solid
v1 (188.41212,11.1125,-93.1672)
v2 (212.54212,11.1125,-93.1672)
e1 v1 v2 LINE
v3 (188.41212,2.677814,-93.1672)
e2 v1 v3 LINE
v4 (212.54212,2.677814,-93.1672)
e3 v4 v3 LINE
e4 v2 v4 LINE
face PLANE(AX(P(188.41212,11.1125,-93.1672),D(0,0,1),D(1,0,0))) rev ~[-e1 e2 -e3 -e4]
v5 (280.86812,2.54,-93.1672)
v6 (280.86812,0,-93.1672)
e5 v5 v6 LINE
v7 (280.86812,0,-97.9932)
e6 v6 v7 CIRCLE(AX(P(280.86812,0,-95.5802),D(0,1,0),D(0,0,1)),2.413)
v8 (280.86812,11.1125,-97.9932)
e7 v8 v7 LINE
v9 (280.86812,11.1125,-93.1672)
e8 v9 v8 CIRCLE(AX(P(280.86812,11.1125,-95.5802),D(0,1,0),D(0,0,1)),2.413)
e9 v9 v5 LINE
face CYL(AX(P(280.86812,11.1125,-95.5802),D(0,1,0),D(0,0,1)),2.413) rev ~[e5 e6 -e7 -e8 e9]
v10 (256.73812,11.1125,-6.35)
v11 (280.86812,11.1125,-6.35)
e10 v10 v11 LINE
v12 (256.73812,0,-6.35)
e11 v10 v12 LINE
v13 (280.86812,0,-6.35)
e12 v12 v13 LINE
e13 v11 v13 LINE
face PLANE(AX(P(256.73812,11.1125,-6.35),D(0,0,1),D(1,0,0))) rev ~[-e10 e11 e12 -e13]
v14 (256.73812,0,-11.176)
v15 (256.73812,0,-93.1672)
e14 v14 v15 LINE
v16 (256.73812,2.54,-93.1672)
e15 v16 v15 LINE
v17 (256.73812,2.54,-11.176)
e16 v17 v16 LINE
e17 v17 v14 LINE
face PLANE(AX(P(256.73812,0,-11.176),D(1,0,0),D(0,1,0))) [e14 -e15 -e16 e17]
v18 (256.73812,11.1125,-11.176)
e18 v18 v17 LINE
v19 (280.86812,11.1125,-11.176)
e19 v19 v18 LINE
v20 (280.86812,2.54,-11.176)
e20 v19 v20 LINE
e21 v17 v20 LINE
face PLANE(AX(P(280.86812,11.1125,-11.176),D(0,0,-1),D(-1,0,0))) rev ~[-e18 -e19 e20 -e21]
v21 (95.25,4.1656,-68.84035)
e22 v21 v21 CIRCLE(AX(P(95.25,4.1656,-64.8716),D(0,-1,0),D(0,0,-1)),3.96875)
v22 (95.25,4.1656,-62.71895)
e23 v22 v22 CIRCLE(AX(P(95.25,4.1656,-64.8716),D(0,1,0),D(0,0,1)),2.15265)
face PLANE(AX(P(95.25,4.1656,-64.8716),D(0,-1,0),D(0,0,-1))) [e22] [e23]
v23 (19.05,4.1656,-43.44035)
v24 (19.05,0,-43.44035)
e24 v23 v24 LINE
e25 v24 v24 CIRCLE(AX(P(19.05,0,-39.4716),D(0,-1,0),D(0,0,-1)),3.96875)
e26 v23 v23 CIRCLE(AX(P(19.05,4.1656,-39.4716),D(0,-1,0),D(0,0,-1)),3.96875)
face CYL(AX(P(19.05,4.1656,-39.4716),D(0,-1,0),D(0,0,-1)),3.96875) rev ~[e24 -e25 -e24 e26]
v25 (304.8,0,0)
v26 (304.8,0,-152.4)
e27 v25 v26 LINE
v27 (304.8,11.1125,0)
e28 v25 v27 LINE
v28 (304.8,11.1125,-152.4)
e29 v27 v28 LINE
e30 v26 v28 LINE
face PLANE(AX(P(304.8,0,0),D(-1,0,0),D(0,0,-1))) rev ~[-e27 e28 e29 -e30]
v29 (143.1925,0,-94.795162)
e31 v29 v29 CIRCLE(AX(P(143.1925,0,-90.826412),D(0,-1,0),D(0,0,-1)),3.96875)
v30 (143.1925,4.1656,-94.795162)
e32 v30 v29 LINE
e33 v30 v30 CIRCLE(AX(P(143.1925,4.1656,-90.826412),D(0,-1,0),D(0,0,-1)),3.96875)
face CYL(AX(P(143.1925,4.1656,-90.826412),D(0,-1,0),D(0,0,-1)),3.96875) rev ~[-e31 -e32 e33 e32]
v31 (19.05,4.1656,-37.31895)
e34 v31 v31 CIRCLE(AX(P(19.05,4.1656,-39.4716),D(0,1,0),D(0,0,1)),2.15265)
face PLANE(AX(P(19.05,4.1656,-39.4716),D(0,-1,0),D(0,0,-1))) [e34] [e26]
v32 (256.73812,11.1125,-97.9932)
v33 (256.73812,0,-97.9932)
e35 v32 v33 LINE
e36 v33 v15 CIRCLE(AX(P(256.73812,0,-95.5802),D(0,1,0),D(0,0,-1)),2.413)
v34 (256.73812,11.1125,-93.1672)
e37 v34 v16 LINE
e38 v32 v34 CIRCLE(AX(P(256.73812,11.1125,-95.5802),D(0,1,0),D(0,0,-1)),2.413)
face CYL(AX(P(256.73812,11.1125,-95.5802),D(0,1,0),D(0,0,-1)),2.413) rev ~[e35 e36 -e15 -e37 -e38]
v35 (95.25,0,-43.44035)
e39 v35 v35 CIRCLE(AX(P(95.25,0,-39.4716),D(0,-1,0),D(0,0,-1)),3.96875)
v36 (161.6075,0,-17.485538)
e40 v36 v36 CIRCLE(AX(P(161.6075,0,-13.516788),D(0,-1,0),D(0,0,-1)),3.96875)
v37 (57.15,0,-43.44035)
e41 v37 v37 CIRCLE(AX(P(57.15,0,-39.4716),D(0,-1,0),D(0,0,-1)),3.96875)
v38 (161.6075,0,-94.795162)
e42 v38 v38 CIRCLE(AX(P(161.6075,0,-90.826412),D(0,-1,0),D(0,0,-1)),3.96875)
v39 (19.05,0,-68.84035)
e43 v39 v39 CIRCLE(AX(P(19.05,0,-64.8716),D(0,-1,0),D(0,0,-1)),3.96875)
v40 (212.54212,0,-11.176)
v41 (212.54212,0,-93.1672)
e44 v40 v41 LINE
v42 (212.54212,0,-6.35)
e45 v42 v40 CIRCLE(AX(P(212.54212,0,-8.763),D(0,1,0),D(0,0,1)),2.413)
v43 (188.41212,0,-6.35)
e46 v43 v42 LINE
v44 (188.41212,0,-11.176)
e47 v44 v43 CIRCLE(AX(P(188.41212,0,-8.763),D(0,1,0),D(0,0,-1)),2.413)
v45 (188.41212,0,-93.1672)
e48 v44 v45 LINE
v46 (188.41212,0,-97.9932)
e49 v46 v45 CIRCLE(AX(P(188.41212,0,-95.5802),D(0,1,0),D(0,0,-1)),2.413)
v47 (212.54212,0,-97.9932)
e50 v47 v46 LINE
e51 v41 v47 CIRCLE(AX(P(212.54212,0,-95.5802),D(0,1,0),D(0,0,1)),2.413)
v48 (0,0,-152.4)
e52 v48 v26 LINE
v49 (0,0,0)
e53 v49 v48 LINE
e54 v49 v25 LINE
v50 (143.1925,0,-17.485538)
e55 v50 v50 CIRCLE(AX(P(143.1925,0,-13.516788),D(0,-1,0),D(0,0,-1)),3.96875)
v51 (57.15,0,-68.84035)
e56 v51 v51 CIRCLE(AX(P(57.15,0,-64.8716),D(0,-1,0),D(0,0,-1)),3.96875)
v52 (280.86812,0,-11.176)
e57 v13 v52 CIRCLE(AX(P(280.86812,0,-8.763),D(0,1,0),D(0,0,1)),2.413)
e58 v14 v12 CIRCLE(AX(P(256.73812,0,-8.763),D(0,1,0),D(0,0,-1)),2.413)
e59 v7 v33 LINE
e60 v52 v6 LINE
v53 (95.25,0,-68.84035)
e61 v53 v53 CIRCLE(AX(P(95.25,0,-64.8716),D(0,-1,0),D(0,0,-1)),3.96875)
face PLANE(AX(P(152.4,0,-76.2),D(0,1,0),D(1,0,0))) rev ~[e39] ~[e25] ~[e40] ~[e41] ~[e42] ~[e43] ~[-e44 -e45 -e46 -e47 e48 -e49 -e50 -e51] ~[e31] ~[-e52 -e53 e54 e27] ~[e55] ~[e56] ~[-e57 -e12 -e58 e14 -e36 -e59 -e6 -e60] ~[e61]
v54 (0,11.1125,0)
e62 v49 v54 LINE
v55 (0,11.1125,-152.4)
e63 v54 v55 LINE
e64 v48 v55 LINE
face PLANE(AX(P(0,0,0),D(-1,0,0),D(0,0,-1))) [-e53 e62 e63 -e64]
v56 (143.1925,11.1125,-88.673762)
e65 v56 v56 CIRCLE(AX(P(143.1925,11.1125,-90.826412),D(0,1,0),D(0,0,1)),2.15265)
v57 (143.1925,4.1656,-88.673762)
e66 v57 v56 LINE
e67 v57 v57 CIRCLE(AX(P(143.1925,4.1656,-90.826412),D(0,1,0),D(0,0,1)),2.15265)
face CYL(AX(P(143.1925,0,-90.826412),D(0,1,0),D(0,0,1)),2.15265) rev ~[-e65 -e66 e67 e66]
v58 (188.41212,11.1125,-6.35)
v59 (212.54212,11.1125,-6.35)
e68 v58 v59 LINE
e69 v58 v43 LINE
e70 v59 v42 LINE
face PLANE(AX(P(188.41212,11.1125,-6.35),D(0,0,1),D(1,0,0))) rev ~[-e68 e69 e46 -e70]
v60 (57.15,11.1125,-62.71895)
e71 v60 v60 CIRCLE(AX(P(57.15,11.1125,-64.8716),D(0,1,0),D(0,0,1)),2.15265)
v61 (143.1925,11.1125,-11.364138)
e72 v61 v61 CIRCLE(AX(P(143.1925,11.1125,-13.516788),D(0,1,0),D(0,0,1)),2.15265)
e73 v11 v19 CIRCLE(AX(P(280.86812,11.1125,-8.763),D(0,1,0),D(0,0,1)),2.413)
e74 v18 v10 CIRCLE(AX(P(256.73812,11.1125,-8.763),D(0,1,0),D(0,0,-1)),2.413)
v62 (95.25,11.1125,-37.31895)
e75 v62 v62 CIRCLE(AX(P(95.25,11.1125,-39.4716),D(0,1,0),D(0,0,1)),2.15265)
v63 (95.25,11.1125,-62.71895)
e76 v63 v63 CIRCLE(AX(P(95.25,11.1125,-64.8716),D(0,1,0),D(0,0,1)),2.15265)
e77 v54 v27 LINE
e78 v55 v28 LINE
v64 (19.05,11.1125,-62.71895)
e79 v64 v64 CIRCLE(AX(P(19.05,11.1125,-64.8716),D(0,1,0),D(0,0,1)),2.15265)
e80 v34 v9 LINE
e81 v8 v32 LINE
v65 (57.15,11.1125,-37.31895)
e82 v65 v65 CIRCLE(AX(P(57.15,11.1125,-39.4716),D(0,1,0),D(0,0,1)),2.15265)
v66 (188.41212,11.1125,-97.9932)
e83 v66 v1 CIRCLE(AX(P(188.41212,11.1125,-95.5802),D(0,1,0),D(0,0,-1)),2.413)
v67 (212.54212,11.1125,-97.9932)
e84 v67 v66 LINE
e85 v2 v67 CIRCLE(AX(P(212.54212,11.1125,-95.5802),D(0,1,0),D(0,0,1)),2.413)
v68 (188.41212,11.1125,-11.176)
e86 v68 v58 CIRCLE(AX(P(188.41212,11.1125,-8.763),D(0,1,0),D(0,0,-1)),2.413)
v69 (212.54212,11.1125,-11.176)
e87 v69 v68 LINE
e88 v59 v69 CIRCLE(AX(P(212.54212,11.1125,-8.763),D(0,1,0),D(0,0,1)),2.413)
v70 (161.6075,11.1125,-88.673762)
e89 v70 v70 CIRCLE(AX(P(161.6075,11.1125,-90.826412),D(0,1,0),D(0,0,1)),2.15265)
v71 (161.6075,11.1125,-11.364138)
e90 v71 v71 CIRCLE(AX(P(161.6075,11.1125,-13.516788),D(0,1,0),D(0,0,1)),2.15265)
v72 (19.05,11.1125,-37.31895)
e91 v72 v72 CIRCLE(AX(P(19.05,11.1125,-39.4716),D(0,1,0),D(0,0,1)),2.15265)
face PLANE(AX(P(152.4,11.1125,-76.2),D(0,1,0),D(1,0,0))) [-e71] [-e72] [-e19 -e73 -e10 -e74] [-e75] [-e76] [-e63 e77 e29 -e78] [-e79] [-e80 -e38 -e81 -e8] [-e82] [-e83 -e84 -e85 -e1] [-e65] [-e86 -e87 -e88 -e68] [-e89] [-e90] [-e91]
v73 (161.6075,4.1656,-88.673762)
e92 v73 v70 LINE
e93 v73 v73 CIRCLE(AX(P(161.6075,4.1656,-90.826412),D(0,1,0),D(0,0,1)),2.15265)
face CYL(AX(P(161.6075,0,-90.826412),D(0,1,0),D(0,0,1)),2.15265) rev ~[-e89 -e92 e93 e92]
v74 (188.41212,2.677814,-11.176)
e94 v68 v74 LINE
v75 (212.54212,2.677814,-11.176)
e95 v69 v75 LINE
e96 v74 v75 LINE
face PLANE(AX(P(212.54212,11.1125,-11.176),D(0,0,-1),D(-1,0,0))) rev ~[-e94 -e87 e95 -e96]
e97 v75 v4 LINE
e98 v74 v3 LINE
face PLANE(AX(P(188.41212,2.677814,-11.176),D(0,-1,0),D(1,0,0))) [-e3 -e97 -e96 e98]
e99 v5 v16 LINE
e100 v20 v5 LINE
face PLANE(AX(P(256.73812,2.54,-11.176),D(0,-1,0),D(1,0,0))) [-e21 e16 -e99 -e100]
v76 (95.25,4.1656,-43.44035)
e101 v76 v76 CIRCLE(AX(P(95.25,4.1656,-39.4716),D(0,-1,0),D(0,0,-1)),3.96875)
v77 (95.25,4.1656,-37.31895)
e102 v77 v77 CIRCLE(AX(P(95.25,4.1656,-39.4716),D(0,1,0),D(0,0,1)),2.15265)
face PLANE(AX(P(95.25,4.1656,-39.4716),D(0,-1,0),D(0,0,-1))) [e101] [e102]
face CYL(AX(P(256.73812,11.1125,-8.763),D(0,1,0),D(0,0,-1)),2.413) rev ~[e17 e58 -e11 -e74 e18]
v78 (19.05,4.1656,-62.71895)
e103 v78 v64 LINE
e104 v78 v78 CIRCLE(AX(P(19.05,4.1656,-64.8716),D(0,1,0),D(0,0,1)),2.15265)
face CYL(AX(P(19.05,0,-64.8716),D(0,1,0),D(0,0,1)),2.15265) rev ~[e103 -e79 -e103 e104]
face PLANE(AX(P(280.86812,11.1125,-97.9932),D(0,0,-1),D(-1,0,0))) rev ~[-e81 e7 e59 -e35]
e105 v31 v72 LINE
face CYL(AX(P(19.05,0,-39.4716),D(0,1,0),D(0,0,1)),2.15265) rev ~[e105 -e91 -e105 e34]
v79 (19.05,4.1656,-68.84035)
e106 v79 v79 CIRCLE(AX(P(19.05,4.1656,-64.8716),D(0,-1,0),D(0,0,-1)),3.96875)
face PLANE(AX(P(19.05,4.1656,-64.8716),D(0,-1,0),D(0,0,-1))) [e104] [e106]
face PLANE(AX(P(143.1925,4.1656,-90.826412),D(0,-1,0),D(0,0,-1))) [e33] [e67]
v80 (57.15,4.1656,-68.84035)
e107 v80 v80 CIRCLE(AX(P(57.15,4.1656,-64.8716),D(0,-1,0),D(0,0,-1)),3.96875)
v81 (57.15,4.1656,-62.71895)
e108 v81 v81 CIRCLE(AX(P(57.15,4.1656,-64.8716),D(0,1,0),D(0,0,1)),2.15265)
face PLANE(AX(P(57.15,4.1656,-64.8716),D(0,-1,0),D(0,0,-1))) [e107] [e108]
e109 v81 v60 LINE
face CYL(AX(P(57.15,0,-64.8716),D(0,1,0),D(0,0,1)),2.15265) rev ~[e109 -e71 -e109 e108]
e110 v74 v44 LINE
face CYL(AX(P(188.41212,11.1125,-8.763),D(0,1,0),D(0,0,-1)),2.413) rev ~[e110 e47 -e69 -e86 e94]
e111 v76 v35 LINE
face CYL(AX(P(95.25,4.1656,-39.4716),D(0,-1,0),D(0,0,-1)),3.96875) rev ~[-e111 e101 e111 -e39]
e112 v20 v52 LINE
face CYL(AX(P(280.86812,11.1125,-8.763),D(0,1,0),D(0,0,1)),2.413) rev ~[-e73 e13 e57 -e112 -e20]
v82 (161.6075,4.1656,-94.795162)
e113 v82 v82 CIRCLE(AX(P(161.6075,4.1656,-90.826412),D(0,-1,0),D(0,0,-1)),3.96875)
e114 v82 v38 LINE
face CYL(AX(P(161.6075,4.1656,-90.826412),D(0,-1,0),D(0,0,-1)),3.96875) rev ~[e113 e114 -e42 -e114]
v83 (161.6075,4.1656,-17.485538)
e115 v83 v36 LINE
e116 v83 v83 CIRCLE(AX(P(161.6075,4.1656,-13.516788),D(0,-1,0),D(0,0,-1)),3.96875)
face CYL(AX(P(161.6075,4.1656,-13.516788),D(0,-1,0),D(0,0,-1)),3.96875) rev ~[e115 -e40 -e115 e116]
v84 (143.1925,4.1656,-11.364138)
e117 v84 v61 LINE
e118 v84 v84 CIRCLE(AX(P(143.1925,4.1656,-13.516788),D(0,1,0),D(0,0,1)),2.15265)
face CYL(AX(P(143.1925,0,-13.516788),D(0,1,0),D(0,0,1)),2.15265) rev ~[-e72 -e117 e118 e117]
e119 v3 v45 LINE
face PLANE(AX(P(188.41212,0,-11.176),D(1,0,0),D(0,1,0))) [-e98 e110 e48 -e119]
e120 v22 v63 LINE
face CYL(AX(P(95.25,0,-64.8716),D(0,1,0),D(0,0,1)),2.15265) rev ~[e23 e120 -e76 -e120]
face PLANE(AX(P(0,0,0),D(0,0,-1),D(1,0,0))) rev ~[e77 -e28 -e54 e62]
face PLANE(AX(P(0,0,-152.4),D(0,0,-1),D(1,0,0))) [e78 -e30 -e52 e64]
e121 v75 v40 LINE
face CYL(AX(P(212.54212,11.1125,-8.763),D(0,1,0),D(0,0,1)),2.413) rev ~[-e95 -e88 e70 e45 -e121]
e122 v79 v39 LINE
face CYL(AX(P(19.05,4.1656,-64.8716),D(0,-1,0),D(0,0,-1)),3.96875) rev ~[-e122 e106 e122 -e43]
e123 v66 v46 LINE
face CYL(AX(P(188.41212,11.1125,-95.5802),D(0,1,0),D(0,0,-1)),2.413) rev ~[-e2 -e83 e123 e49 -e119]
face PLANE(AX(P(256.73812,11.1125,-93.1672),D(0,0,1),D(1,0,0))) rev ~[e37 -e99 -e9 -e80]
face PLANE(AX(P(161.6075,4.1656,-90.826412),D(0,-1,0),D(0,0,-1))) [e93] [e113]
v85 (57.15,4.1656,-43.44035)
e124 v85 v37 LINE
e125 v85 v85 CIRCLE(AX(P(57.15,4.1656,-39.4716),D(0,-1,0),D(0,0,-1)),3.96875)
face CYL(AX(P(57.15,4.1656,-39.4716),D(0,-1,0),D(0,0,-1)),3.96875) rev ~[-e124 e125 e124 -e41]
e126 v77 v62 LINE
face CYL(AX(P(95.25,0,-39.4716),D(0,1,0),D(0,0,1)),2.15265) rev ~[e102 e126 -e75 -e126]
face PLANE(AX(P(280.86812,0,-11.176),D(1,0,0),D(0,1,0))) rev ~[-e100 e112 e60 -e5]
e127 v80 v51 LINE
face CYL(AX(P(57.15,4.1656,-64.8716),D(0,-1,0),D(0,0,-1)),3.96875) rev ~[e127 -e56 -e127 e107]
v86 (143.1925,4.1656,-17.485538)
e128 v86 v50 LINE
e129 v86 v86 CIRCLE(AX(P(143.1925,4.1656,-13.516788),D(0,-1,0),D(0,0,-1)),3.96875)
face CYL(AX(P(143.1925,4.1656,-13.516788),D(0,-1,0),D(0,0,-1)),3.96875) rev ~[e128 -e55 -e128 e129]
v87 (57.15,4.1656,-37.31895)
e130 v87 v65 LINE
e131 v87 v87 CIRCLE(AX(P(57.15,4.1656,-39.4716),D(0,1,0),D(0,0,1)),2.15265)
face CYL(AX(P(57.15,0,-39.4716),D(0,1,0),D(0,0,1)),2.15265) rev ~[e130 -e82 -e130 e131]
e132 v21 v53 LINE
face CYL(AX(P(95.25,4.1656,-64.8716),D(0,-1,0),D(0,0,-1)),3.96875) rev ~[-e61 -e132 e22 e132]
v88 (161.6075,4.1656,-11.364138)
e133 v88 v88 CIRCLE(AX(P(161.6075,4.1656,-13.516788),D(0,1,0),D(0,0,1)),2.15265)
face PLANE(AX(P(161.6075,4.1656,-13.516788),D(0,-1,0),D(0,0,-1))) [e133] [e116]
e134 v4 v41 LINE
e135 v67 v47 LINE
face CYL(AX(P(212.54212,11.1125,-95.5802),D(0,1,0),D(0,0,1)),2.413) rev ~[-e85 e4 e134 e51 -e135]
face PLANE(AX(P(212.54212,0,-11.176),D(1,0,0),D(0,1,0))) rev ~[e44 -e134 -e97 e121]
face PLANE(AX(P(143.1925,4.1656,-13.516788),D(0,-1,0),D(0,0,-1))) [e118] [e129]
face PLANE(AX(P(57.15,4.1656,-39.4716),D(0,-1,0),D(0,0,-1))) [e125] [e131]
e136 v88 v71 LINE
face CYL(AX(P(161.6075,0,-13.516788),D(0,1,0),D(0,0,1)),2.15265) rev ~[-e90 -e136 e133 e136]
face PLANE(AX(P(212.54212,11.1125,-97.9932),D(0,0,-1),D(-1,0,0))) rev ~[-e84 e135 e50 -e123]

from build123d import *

# Parameters (mm, degrees)
SKETCH1_W                                      = 304.8
SKETCH1_H                                      = 152.4
BOSS_EXTRUDE1_DEPTH                            = 11.1125
CUT_EXTRUDE1_DEPTH                             = 11.1125
CUT_EXTRUDE2_REACH                             = 143.224
SKETCH5_W                                      = 24.13
SKETCH5_H                                      = 2.677814457
SKETCH5_H_2                                    = 2.54
CBORE_FOR_8_SOCKET_HEAD_CAP_SCREW1_D           = 4.3053
CBORE_FOR_8_SOCKET_HEAD_CAP_SCREW1_DEPTH       = 11.1125
CBORE_FOR_8_SOCKET_HEAD_CAP_SCREW1_CBORE_D     = 7.9375
CBORE_FOR_8_SOCKET_HEAD_CAP_SCREW1_CBORE_DEPTH = 4.1656
CBORE_FOR_8_SOCKET_HEAD_CAP_SCREW3_D           = 4.3053
CBORE_FOR_8_SOCKET_HEAD_CAP_SCREW3_DEPTH       = 11.1125
CBORE_FOR_8_SOCKET_HEAD_CAP_SCREW3_CBORE_D     = 7.9375
CBORE_FOR_8_SOCKET_HEAD_CAP_SCREW3_CBORE_DEPTH = 4.1656


with BuildPart() as part:
    # Sketch1 → Boss-Extrude1 (new body)
    with BuildSketch(Plane(origin=(0, 0, 0), x_dir=(1, 0, 0), z_dir=(0, 1, 0))):
        with Locations((152.4, 76.2)):
            Rectangle(SKETCH1_W, SKETCH1_H)
    extrude(amount=BOSS_EXTRUDE1_DEPTH)

    # Sketch3 → Cut-Extrude1 (cut)
    with BuildSketch(Plane(origin=(0, 11.1125, 0), x_dir=(1, 0, 0), z_dir=(0, 1, 0))):
        with BuildLine():
            Line((280.86812, 11.176), (256.73812, 11.176))
            ThreePointArc((256.73812, 11.176), (254.32512, 8.763), (256.73812, 6.35))
            Line((256.73812, 6.35), (280.86812, 6.35))
            ThreePointArc((280.86812, 6.35), (283.28112, 8.763), (280.86812, 11.176))
        make_face()
        with BuildLine():
            Line((280.86812, 97.9932), (256.73812, 97.9932))
            ThreePointArc((256.73812, 97.9932), (254.32512, 95.5802), (256.73812, 93.1672))
            Line((256.73812, 93.1672), (280.86812, 93.1672))
            ThreePointArc((280.86812, 93.1672), (283.28112, 95.5802), (280.86812, 97.9932))
        make_face()
        with BuildLine():
            Line((212.54212, 97.9932), (188.41212, 97.9932))
            ThreePointArc((188.41212, 97.9932), (185.99912, 95.5802), (188.41212, 93.1672))
            Line((188.41212, 93.1672), (212.54212, 93.1672))
            ThreePointArc((212.54212, 93.1672), (214.95512, 95.5802), (212.54212, 97.9932))
        make_face()
        with BuildLine():
            ThreePointArc((212.54212, 6.35), (214.95512, 8.763), (212.54212, 11.176))
            Line((212.54212, 11.176), (188.41212, 11.176))
            ThreePointArc((188.41212, 11.176), (185.99912, 8.763), (188.41212, 6.35))
            Line((188.41212, 6.35), (212.54212, 6.35))
        make_face()
    extrude(amount=-CUT_EXTRUDE1_DEPTH, mode=Mode.SUBTRACT)

    # Sketch5 → Cut-Extrude2 (cut, up to next)
    with BuildSketch(Plane.XY.offset(-11.176), mode=Mode.PRIVATE) as cut_extrude2_sk1:
        with Locations((200.47712, 1.338907229)):
            Rectangle(SKETCH5_W, SKETCH5_H)
    cut_extrude2_tool1 = extrude(cut_extrude2_sk1.sketch, amount=-CUT_EXTRUDE2_REACH, mode=Mode.PRIVATE) & part.part
    add(cut_extrude2_tool1.solids().sort_by_distance((200.47712, 1.338907, -11.176))[0], mode=Mode.SUBTRACT)
    # Sketch5 → Cut-Extrude2 (cut, up to next)
    with BuildSketch(Plane.XY.offset(-11.176), mode=Mode.PRIVATE) as cut_extrude2_sk2:
        with Locations((268.80312, 1.27)):
            Rectangle(SKETCH5_W, SKETCH5_H_2)
    cut_extrude2_tool2 = extrude(cut_extrude2_sk2.sketch, amount=-CUT_EXTRUDE2_REACH, mode=Mode.PRIVATE) & part.part
    add(cut_extrude2_tool2.solids().sort_by_distance((268.80312, 1.27, -11.176))[0], mode=Mode.SUBTRACT)

    # CBORE for #8 Socket Head Cap Screw1
    with Locations(Plane(origin=(161.6075, 0, -13.516787713), x_dir=(0, 0, -1), z_dir=(0, -1, 0))):
        with Locations((0, 0), (0, -18.415), (77.309624574, 0), (77.309624574, -18.415)):
            CounterBoreHole(CBORE_FOR_8_SOCKET_HEAD_CAP_SCREW1_D / 2, CBORE_FOR_8_SOCKET_HEAD_CAP_SCREW1_CBORE_D / 2, CBORE_FOR_8_SOCKET_HEAD_CAP_SCREW1_CBORE_DEPTH, depth=CBORE_FOR_8_SOCKET_HEAD_CAP_SCREW1_DEPTH)

    # CBORE for #8 Socket Head Cap Screw3
    with Locations(Plane(origin=(95.25, 0, -39.4716), x_dir=(0, 0, -1), z_dir=(0, -1, 0))):
        with Locations((0, 0), (25.4, 0), (0, -38.1), (25.4, -38.1), (0, -76.2), (25.4, -76.2)):
            CounterBoreHole(CBORE_FOR_8_SOCKET_HEAD_CAP_SCREW3_D / 2, CBORE_FOR_8_SOCKET_HEAD_CAP_SCREW3_CBORE_D / 2, CBORE_FOR_8_SOCKET_HEAD_CAP_SCREW3_CBORE_DEPTH, depth=CBORE_FOR_8_SOCKET_HEAD_CAP_SCREW3_DEPTH)


solid = part.part
